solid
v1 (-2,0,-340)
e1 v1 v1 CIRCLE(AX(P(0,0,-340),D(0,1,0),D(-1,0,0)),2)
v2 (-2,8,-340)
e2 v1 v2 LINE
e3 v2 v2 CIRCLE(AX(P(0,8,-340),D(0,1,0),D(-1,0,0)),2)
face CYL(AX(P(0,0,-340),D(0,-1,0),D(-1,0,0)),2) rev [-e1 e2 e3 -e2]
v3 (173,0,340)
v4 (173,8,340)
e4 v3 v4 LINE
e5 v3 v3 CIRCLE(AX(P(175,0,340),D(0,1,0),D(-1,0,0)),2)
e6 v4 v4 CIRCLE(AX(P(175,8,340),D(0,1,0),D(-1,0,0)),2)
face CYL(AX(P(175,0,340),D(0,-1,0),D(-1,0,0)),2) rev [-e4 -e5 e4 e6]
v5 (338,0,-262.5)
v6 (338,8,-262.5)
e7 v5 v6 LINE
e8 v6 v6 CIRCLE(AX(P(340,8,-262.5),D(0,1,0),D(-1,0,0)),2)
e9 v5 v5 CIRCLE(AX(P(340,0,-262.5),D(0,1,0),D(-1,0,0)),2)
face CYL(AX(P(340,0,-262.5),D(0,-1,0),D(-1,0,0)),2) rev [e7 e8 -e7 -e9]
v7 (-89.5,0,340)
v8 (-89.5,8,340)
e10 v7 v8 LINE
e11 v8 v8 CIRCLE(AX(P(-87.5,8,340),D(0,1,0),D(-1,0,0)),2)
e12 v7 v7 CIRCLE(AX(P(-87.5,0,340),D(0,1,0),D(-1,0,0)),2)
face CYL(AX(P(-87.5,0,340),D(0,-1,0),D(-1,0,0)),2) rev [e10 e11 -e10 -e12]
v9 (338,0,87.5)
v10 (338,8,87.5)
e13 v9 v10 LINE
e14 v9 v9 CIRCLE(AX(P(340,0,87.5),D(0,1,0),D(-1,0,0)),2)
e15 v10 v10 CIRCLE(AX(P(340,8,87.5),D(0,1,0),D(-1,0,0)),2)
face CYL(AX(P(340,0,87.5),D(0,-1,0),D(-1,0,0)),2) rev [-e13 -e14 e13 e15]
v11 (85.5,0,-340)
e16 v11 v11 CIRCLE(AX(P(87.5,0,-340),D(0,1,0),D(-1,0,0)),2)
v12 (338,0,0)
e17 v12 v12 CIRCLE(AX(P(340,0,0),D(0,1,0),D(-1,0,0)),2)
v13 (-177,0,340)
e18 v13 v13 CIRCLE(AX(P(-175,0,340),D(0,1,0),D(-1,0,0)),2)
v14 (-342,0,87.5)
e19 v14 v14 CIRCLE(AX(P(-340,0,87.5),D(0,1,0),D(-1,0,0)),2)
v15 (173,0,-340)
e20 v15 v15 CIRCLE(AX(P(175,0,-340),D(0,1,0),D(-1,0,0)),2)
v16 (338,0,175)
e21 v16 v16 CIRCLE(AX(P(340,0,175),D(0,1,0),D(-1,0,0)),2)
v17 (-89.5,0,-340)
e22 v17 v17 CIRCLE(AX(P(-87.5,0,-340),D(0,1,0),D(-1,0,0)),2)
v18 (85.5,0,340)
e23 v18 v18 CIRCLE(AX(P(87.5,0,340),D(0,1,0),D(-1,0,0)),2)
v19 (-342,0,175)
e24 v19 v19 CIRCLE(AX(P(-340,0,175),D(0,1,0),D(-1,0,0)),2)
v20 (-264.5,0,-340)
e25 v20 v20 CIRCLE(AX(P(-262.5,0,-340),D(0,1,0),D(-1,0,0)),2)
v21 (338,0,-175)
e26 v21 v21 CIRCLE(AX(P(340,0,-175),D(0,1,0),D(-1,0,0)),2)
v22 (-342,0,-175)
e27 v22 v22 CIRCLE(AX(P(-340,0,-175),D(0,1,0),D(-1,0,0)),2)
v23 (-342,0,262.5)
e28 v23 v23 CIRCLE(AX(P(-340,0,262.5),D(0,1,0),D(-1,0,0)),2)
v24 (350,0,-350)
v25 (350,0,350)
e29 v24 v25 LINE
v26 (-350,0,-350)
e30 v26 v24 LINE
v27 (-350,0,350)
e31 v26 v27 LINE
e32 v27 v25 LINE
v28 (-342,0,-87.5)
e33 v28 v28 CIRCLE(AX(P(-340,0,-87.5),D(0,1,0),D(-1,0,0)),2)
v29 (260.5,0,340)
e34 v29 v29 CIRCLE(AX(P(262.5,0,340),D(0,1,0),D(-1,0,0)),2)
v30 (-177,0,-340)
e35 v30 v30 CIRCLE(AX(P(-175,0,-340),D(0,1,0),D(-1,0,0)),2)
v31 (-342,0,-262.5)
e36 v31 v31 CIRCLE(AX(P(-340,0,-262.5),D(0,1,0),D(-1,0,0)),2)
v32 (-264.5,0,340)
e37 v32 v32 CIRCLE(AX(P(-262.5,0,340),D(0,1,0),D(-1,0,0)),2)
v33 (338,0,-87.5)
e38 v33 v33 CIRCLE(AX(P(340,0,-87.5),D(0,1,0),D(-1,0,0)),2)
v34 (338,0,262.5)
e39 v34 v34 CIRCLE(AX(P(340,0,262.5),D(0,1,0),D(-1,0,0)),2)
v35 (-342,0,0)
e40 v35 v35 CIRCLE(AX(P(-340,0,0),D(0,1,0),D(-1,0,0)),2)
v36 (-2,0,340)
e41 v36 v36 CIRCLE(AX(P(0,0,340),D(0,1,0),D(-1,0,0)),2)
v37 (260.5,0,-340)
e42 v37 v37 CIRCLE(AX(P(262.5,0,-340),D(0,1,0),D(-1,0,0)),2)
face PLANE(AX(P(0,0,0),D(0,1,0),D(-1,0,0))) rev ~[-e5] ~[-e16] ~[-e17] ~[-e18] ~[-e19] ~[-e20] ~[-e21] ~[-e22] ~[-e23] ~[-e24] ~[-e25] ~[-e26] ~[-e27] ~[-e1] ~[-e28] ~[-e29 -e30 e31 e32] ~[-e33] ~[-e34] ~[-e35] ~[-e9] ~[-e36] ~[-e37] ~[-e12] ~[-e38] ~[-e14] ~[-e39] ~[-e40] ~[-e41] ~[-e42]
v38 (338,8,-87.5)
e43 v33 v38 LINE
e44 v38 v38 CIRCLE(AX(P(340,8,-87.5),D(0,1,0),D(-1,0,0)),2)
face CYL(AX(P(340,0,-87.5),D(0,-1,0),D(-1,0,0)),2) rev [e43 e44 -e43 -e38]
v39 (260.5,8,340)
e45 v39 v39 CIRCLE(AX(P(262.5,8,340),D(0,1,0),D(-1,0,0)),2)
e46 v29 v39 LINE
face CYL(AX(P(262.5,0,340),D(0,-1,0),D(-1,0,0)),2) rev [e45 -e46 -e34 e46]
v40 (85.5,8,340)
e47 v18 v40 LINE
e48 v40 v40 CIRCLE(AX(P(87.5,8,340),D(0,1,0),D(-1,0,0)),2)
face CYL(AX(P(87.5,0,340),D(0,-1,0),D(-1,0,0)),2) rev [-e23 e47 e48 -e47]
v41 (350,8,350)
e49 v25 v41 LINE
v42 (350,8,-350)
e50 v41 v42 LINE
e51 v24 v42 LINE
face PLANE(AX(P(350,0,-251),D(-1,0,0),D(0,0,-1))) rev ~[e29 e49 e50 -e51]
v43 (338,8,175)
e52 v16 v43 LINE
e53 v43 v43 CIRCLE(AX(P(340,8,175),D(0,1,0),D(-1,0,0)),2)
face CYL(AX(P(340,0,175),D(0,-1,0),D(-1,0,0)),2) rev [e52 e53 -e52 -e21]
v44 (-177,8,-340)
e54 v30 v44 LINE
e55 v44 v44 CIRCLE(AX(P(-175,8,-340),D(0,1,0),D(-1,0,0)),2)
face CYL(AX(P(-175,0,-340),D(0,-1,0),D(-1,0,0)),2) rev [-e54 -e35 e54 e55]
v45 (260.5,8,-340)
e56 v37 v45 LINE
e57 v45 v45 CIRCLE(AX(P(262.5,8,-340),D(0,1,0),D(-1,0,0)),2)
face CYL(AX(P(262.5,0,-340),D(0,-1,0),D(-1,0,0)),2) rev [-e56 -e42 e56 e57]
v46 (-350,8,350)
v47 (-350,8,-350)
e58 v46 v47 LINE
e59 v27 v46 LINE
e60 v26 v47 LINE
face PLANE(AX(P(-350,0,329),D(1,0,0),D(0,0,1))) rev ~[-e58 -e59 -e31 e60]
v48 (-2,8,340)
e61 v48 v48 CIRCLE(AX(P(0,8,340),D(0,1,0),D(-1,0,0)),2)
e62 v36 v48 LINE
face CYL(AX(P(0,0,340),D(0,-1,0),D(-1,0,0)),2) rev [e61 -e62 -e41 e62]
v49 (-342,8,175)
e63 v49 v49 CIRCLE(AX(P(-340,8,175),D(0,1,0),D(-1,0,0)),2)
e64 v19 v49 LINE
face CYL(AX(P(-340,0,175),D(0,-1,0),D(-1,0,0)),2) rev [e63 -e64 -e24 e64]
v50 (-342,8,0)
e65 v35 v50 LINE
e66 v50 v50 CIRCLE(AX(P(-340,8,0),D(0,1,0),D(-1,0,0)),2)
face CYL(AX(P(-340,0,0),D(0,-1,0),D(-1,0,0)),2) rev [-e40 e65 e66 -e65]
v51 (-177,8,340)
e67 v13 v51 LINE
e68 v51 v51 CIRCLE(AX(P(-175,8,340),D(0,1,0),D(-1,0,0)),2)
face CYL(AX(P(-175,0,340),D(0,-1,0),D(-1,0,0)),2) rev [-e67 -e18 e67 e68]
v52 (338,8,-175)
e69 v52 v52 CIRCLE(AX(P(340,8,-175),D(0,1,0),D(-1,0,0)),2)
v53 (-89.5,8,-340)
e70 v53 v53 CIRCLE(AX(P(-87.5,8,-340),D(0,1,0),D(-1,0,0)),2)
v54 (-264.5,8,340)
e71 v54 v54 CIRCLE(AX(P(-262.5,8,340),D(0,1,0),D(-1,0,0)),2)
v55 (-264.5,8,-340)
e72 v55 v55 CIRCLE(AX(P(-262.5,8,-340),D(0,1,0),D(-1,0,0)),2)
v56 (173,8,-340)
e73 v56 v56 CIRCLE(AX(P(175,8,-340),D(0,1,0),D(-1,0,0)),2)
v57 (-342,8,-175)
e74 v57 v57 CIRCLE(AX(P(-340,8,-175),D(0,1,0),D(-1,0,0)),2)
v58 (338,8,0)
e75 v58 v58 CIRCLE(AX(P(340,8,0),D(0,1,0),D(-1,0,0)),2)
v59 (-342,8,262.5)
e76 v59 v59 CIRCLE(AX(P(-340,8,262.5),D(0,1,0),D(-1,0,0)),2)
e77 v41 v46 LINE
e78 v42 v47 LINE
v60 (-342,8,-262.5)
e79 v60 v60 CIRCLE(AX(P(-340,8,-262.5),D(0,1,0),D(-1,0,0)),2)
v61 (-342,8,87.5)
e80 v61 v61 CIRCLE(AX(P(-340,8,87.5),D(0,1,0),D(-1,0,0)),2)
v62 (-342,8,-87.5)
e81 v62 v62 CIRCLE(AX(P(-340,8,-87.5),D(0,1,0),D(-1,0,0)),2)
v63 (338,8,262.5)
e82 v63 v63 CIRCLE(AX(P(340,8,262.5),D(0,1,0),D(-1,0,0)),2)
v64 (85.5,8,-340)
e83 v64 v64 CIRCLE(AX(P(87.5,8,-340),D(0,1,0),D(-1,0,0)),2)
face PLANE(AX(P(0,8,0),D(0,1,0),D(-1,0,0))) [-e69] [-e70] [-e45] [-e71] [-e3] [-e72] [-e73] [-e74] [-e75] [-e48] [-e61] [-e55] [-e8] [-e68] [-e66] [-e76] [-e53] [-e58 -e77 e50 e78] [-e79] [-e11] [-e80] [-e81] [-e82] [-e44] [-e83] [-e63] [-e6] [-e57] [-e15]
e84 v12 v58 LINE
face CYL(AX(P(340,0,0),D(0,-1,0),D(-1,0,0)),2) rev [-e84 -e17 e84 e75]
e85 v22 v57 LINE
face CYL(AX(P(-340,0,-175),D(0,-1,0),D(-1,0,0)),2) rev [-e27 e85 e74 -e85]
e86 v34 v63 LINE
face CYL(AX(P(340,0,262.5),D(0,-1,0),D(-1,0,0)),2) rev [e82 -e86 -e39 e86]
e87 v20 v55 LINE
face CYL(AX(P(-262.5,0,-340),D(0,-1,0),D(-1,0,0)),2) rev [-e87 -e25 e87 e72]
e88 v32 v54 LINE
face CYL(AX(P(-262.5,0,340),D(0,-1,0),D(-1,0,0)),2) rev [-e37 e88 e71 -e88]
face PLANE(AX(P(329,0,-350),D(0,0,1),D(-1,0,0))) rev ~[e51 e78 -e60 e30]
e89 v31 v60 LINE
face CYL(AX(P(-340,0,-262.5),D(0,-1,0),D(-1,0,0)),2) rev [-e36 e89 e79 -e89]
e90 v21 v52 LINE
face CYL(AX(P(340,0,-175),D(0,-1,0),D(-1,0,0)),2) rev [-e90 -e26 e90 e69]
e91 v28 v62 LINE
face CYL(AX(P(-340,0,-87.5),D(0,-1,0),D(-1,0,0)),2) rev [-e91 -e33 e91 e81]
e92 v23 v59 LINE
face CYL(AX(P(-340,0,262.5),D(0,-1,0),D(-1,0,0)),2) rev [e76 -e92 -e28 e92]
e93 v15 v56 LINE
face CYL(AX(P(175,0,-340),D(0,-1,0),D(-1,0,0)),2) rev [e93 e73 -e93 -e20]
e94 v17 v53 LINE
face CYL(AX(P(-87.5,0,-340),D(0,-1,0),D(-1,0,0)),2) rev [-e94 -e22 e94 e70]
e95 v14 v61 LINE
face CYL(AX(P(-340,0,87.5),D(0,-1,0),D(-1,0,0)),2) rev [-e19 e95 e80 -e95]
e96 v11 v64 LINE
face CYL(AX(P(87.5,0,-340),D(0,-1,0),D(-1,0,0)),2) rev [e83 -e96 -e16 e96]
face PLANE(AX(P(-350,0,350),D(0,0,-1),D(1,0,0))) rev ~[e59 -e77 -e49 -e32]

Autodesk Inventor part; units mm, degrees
ref_plane "YZ Plane" through (0, 0, 0) normal (1, 0, 0) x (0, 1, 0)
ref_plane "XZ Plane" through (0, 0, 0) normal (0, 1, 0) x (-1, 0, 0)
ref_plane "XY Plane" through (0, 0, 0) normal (0, 0, 1) x (1, 0, 0)
sketch "Sketch1" plane through (0, 0, 0) normal (0, 1, 0) x (-1, 0, 0)
  line L0 (350, 350) -> (-350, 350)
  line L1 (-350, 350) -> (-350, -350)
  line L2 (-350, -350) -> (350, -350)
  line L3 (350, -350) -> (350, 350)
  line L4 (350, 350) -> (-350, -350) construction
  line L5 (-350, 350) -> (350, -350) construction
  line L6 (-329, 350) -> (-329, 329)
  line L7 (-329, 329) -> (-350, 329)
  line L8 (-350, -329) -> (-329, -329)
  line L9 (-329, -329) -> (-329, -350)
  line L10 (329, -350) -> (329, -329)
  line L11 (329, -329) -> (350, -329)
  line L12 (350, 329) -> (329, 329)
  line L13 (329, 329) -> (329, 350)
  line L14 (-350, 251) -> (-329, 251)
  line L15 (-329, 251) -> (-329, 251)
  line L16 (-329, 209) -> (-350, 209)
  line L17 (-329, 209) -> (-329, 251)
  line L18 (350, 0) -> (-350, 0) construction
  line L19 (0, -350) -> (0, 350) construction
  line L20 (-350, -251) -> (-329, -251)
  line L21 (-329, -209) -> (-350, -209)
  line L22 (-329, -209) -> (-329, -251)
  line L23 (0, 350) -> (0, -350) construction
  line L24 (350, 251) -> (329, 251)
  line L25 (329, 251) -> (329, 251)
  line L26 (329, 209) -> (350, 209)
  line L27 (329, 209) -> (329, 251)
  line L28 (329, -209) -> (350, -209)
  line L29 (329, -209) -> (329, -251)
  line L30 (350, -251) -> (329, -251)
  line L31 (-350, 340) -> (350, 340) construction
  circle A0 centre (262.5, 340) radius 2
  circle A1 centre (175, 340) radius 2
  circle A2 centre (87.5, 340) radius 2
  circle A3 centre (0, 340) radius 2
  circle A4 centre (-262.5, 340) radius 2
  circle A5 centre (-175, 340) radius 2
  circle A6 centre (-87.5, 340) radius 2
  line L32 (-340, -350) -> (-340, 350) construction
  circle A7 centre (-340, -175) radius 2
  circle A8 centre (-340, 0) radius 2
  circle A9 centre (-340, 87.5) radius 2
  circle A10 centre (-340, -87.5) radius 2
  circle A11 centre (-340, -262.5) radius 2
  circle A12 centre (-340, 175) radius 2
  circle A13 centre (-340, 262.5) radius 2
  line L33 (350, -340) -> (-350, -340) construction
  circle A14 centre (175, -340) radius 2
  circle A15 centre (0, -340) radius 2
  circle A16 centre (-87.5, -340) radius 2
  circle A17 centre (87.5, -340) radius 2
  circle A18 centre (262.5, -340) radius 2
  circle A19 centre (-175, -340) radius 2
  circle A20 centre (-262.5, -340) radius 2
  line L34 (340, 350) -> (340, -350) construction
  circle A21 centre (340, 175) radius 2
  circle A22 centre (340, 0) radius 2
  circle A23 centre (340, -87.5) radius 2
  circle A24 centre (340, 87.5) radius 2
  circle A25 centre (340, 262.5) radius 2
  circle A26 centre (340, -175) radius 2
  circle A27 centre (340, -262.5) radius 2
  line L35 (350, 220) -> (-350, 220) construction
  line L36 (350, 280) -> (-350, 280) construction
  circle A28 centre (262.5, 220) radius 2
  circle A29 centre (175, 220) radius 2
  circle A30 centre (87.5, 220) radius 2
  circle A31 centre (0, 220) radius 2
  circle A32 centre (-262.5, 220) radius 2
  circle A33 centre (-175, 220) radius 2
  circle A34 centre (-87.5, 220) radius 2
  circle A35 centre (175, -220) radius 2
  circle A36 centre (262.5, -220) radius 2
  circle A37 centre (-262.5, -220) radius 2
  circle A38 centre (-175, -220) radius 2
  circle A39 centre (87.5, -220) radius 2
  circle A40 centre (-87.5, -220) radius 2
  circle A41 centre (0, -220) radius 2
  line L37 (12.5, 160) -> (-12.5, 160)
  line L38 (-12.5, 160) -> (-12.5, 210)
  line L39 (-12.5, 210) -> (12.5, 210)
  line L40 (12.5, 210) -> (12.5, 160)
  line L41 (12.5, 160) -> (-12.5, 210) construction
  line L42 (-12.5, 160) -> (12.5, 210) construction
  line L43 (12.5, -160) -> (-12.5, -160)
  line L44 (-12.5, -160) -> (-12.5, -210)
  line L45 (-12.5, -210) -> (12.5, -210)
  line L46 (12.5, -210) -> (12.5, -160)
  point P0 (0, 0)
  point P1 (0, 0)
  point P2 (-350, -209)
  point P3 (350, -209)
  point P4 (350, 209)
  point P5 (0, 185)
  dimension "d0" = 700
  dimension "d1" = 700
  dimension "d2" = 21
  dimension "d3" = 21
  dimension "d6" = 360
  dimension "d8" = 21
  dimension "d9" = 99
  dimension "d10" = 141
  dimension "d13" = 10
  dimension "d14" = 4
  dimension "d15" = 4
  dimension "d16" = 4
  dimension "d17" = 175
  dimension "d18" = 87.5
  dimension "d19" = 87.5
  dimension "d20" = 4
  dimension "d23" = 360
  dimension "d25" = 130
  dimension "d26" = 120
  dimension "d27" = 60
  dimension "d28" = 140
  dimension "d29" = 25
  dimension "d30" = 50
extrude "Extrusion1" add sketch "Sketch1" along normal blind 8 contours L3 L12 L13 L0 | L13 L12 L3 L24 L27 L26 L28 L29 L30 L11 L10 L2 L9 L8 L1 L20 L22 L21 L16 L17 L14 L7 L6 L0 | L6 L7 L1 L0 | L3 L26 L27 L24 | L3 L30 L29 L28 | L14 L17 L16 L1 | L3 L2 L10 L11 | L21 L22 L20 L1 | L8 L9 L2 L1 | A28 | A29 | A30 | A31 | A32 | A33 | A34 | A35 | A36 | A37 | A38 | A39 | A40 | A41 | L37 L38 L39 L40 | L46 L45 L44 L43
equation "\"d1\" = d0"
equation "\"d3\" = d2"
equation "\"d15\" = d14"
equation "\"d16\" = d14"
equation "\"d18\" = 0.5 * d17"
equation "\"d19\" = d18"
equation "\"d20\" = d14"
equation "\"d27\" = 0.5 * d26"
properties part number "Bottom_Plate" material "Bamboo"
